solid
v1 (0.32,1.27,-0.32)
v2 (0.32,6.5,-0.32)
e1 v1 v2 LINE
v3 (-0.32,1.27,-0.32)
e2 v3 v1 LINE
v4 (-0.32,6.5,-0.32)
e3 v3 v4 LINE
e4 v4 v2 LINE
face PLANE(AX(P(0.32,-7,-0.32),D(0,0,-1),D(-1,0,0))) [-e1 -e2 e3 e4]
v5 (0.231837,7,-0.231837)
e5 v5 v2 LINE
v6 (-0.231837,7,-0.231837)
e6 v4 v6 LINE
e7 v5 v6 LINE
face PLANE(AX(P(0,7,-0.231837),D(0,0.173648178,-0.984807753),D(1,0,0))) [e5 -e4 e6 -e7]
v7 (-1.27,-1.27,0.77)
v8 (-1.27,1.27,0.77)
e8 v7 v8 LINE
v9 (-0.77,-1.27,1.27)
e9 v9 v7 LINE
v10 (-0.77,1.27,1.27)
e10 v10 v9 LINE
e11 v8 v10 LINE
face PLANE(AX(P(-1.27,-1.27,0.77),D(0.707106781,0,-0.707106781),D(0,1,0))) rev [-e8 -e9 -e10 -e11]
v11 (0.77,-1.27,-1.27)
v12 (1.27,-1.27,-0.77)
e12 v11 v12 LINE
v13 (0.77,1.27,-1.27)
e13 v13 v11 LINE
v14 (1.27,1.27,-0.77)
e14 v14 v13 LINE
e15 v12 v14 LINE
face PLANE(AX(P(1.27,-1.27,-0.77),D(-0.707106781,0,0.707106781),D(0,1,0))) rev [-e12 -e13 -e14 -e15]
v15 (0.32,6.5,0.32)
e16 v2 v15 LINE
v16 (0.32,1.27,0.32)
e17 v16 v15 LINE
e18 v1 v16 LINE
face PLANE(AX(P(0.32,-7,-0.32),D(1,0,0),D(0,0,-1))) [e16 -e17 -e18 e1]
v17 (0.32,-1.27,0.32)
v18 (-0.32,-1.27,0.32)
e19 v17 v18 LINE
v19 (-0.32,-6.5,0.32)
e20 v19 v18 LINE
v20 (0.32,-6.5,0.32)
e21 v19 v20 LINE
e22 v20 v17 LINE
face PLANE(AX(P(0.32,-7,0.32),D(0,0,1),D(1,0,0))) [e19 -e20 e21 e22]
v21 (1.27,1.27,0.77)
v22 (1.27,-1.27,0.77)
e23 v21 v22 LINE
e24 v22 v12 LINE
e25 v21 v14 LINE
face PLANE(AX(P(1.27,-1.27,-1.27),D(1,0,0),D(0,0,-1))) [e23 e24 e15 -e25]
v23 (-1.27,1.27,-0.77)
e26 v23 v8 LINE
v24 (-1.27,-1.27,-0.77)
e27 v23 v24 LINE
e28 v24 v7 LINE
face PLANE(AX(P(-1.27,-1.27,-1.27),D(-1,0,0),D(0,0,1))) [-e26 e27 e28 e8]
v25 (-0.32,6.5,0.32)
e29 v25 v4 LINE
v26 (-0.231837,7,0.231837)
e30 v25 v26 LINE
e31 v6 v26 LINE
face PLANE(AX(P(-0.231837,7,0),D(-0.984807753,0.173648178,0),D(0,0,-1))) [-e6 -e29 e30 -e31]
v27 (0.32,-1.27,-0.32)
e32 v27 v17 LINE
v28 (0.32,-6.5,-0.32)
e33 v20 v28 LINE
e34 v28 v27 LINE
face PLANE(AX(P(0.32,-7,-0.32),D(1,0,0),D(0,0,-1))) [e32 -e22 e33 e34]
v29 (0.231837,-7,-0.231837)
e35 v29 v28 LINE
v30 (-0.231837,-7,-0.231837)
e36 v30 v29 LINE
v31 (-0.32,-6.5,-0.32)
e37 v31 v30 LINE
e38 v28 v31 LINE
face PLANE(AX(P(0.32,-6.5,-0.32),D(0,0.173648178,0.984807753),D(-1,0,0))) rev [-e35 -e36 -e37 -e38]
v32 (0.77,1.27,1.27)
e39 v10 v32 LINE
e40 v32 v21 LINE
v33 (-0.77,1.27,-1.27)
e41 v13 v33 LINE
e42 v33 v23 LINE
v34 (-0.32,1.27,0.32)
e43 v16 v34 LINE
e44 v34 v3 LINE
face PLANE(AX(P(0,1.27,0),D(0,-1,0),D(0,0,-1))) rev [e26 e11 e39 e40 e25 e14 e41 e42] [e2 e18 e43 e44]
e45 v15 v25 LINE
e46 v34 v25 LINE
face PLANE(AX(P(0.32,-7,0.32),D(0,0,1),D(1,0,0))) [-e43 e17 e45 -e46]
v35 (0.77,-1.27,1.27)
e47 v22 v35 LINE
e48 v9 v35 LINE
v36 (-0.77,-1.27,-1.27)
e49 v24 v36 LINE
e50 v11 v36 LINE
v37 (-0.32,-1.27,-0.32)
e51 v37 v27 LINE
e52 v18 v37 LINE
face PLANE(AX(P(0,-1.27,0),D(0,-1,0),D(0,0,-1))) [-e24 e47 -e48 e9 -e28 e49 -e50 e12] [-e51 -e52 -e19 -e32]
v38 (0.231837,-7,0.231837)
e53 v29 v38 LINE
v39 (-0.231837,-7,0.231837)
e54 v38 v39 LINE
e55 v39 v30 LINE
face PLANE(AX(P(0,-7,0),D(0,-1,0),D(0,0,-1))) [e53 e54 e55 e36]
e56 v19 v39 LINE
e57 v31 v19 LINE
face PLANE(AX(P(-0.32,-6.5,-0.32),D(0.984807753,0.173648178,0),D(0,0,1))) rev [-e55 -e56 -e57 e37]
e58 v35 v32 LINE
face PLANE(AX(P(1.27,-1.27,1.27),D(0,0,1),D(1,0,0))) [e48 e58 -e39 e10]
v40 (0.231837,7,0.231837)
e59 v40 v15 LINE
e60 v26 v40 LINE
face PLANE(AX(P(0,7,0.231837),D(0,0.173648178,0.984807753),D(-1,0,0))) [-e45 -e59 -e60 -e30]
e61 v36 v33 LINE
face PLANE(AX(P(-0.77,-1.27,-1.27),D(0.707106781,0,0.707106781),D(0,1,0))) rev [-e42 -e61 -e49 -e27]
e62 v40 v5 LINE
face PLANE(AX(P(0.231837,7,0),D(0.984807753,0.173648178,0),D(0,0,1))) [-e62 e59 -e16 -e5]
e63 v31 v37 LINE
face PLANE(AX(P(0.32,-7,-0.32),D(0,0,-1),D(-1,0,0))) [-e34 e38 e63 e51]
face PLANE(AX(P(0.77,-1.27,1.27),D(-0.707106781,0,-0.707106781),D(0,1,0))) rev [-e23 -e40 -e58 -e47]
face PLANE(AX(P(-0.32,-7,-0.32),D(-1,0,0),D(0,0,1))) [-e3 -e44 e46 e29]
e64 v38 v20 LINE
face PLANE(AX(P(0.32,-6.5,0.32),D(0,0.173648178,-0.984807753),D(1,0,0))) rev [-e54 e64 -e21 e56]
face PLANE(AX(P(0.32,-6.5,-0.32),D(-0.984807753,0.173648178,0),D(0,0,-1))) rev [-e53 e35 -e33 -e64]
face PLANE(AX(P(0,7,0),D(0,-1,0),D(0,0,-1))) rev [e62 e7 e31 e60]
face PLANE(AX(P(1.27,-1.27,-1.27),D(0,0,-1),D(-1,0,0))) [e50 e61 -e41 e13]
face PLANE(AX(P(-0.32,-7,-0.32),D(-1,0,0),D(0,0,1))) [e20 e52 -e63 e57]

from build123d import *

# Parameters (mm, degrees)
SKETCH1_W                = 2.54
SKETCH1_H                = 2.54
BOSS_EXTRUDE1_DEPTH      = 1.27
BOSS_EXTRUDE1_DEPTH_BACK = 1.27
SKETCH2_W                = 0.64
SKETCH2_H                = 0.64
BOSS_EXTRUDE2_DEPTH      = 7
BOSS_EXTRUDE2_DEPTH_BACK = 7
CHAMFER1_SIZE            = 0.5
CHAMFER1_SIZE2           = 0.08816349
CHAMFER1_PART_2_SIZE     = 0.5
CHAMFER1_PART_2_SIZE2    = 0.08816349
CHAMFER1_PART_3_SIZE     = 0.5
CHAMFER1_PART_3_SIZE2    = 0.08816349
CHAMFER1_PART_4_SIZE     = 0.5
CHAMFER1_PART_4_SIZE2    = 0.08816349
CHAMFER1_PART_5_SIZE     = 0.5
CHAMFER1_PART_5_SIZE2    = 0.08816349
CHAMFER1_PART_6_SIZE     = 0.5
CHAMFER1_PART_6_SIZE2    = 0.08816349
CHAMFER1_PART_7_SIZE     = 0.5
CHAMFER1_PART_7_SIZE2    = 0.08816349
CHAMFER1_PART_8_SIZE     = 0.5
CHAMFER1_PART_8_SIZE2    = 0.08816349
CHAMFER2_SIZE            = 0.5


with BuildPart() as part:
    # Sketch1 → Boss-Extrude1 (new body, two sides)
    with BuildSketch(Plane(origin=(0, 0, 0), x_dir=(1, 0, 0), z_dir=(0, 1, 0))) as boss_extrude1_sk:
        Rectangle(SKETCH1_W, SKETCH1_H)
    extrude(amount=BOSS_EXTRUDE1_DEPTH)
    extrude(boss_extrude1_sk.sketch, amount=-BOSS_EXTRUDE1_DEPTH_BACK)

    # Sketch2 → Boss-Extrude2 (add, two sides)
    with BuildSketch(Plane(origin=(0, 0, 0), x_dir=(1, 0, 0), z_dir=(0, 1, 0))) as boss_extrude2_sk:
        Rectangle(SKETCH2_W, SKETCH2_H)
    extrude(amount=BOSS_EXTRUDE2_DEPTH)
    extrude(boss_extrude2_sk.sketch, amount=-BOSS_EXTRUDE2_DEPTH_BACK)

    # Chamfer1
    chamfer1_edges = [part.edges().sort_by_distance(p)[0] for p in [
        (-0.32, -7, 0),
    ]]
    chamfer1_side = [part.faces().sort_by_distance(p)[0] for p in [
        (-0.32, -4.135, 0),
    ]]
    chamfer(chamfer1_edges, length=CHAMFER1_SIZE, length2=CHAMFER1_SIZE2, reference=chamfer1_side[0])

    # Chamfer1 part 2
    chamfer1_part_2_edges = [part.edges().sort_by_distance(p)[0] for p in [
        (0, -7, -0.32),
    ]]
    chamfer1_part_2_side = [part.faces().sort_by_distance(p)[0] for p in [
        (0, -4.135, -0.32),
    ]]
    chamfer(chamfer1_part_2_edges, length=CHAMFER1_PART_2_SIZE, length2=CHAMFER1_PART_2_SIZE2, reference=chamfer1_part_2_side[0])

    # Chamfer1 part 3
    chamfer1_part_3_edges = [part.edges().sort_by_distance(p)[0] for p in [
        (0.32, -7, 0),
    ]]
    chamfer1_part_3_side = [part.faces().sort_by_distance(p)[0] for p in [
        (0.32, -4.135, 0),
    ]]
    chamfer(chamfer1_part_3_edges, length=CHAMFER1_PART_3_SIZE, length2=CHAMFER1_PART_3_SIZE2, reference=chamfer1_part_3_side[0])

    # Chamfer1 part 4
    chamfer1_part_4_edges = [part.edges().sort_by_distance(p)[0] for p in [
        (0, -7, 0.32),
    ]]
    chamfer1_part_4_side = [part.faces().sort_by_distance(p)[0] for p in [
        (0, -4.135, 0.32),
    ]]
    chamfer(chamfer1_part_4_edges, length=CHAMFER1_PART_4_SIZE, length2=CHAMFER1_PART_4_SIZE2, reference=chamfer1_part_4_side[0])

    # Chamfer1 part 5
    chamfer1_part_5_edges = [part.edges().sort_by_distance(p)[0] for p in [
        (-0.32, 7, 0),
    ]]
    chamfer1_part_5_side = [part.faces().sort_by_distance(p)[0] for p in [
        (-0.32, 4.135, 0),
    ]]
    chamfer(chamfer1_part_5_edges, length=CHAMFER1_PART_5_SIZE, length2=CHAMFER1_PART_5_SIZE2, reference=chamfer1_part_5_side[0])

    # Chamfer1 part 6
    chamfer1_part_6_edges = [part.edges().sort_by_distance(p)[0] for p in [
        (0, 7, 0.32),
    ]]
    chamfer1_part_6_side = [part.faces().sort_by_distance(p)[0] for p in [
        (0, 4.135, 0.32),
    ]]
    chamfer(chamfer1_part_6_edges, length=CHAMFER1_PART_6_SIZE, length2=CHAMFER1_PART_6_SIZE2, reference=chamfer1_part_6_side[0])

    # Chamfer1 part 7
    chamfer1_part_7_edges = [part.edges().sort_by_distance(p)[0] for p in [
        (0.32, 7, 0),
    ]]
    chamfer1_part_7_side = [part.faces().sort_by_distance(p)[0] for p in [
        (0.32, 4.135, 0),
    ]]
    chamfer(chamfer1_part_7_edges, length=CHAMFER1_PART_7_SIZE, length2=CHAMFER1_PART_7_SIZE2, reference=chamfer1_part_7_side[0])

    # Chamfer1 part 8
    chamfer1_part_8_edges = [part.edges().sort_by_distance(p)[0] for p in [
        (0, 7, -0.32),
    ]]
    chamfer1_part_8_side = [part.faces().sort_by_distance(p)[0] for p in [
        (0, 4.135, -0.32),
    ]]
    chamfer(chamfer1_part_8_edges, length=CHAMFER1_PART_8_SIZE, length2=CHAMFER1_PART_8_SIZE2, reference=chamfer1_part_8_side[0])

    # Chamfer2
    chamfer2_edges = [part.edges().sort_by_distance(p)[0] for p in [
        (-1.27, 0, -1.27),
        (1.27, 0, -1.27),
        (1.27, 0, 1.27),
        (-1.27, 0, 1.27),
    ]]
    chamfer(chamfer2_edges, length=CHAMFER2_SIZE)


solid = part.part
